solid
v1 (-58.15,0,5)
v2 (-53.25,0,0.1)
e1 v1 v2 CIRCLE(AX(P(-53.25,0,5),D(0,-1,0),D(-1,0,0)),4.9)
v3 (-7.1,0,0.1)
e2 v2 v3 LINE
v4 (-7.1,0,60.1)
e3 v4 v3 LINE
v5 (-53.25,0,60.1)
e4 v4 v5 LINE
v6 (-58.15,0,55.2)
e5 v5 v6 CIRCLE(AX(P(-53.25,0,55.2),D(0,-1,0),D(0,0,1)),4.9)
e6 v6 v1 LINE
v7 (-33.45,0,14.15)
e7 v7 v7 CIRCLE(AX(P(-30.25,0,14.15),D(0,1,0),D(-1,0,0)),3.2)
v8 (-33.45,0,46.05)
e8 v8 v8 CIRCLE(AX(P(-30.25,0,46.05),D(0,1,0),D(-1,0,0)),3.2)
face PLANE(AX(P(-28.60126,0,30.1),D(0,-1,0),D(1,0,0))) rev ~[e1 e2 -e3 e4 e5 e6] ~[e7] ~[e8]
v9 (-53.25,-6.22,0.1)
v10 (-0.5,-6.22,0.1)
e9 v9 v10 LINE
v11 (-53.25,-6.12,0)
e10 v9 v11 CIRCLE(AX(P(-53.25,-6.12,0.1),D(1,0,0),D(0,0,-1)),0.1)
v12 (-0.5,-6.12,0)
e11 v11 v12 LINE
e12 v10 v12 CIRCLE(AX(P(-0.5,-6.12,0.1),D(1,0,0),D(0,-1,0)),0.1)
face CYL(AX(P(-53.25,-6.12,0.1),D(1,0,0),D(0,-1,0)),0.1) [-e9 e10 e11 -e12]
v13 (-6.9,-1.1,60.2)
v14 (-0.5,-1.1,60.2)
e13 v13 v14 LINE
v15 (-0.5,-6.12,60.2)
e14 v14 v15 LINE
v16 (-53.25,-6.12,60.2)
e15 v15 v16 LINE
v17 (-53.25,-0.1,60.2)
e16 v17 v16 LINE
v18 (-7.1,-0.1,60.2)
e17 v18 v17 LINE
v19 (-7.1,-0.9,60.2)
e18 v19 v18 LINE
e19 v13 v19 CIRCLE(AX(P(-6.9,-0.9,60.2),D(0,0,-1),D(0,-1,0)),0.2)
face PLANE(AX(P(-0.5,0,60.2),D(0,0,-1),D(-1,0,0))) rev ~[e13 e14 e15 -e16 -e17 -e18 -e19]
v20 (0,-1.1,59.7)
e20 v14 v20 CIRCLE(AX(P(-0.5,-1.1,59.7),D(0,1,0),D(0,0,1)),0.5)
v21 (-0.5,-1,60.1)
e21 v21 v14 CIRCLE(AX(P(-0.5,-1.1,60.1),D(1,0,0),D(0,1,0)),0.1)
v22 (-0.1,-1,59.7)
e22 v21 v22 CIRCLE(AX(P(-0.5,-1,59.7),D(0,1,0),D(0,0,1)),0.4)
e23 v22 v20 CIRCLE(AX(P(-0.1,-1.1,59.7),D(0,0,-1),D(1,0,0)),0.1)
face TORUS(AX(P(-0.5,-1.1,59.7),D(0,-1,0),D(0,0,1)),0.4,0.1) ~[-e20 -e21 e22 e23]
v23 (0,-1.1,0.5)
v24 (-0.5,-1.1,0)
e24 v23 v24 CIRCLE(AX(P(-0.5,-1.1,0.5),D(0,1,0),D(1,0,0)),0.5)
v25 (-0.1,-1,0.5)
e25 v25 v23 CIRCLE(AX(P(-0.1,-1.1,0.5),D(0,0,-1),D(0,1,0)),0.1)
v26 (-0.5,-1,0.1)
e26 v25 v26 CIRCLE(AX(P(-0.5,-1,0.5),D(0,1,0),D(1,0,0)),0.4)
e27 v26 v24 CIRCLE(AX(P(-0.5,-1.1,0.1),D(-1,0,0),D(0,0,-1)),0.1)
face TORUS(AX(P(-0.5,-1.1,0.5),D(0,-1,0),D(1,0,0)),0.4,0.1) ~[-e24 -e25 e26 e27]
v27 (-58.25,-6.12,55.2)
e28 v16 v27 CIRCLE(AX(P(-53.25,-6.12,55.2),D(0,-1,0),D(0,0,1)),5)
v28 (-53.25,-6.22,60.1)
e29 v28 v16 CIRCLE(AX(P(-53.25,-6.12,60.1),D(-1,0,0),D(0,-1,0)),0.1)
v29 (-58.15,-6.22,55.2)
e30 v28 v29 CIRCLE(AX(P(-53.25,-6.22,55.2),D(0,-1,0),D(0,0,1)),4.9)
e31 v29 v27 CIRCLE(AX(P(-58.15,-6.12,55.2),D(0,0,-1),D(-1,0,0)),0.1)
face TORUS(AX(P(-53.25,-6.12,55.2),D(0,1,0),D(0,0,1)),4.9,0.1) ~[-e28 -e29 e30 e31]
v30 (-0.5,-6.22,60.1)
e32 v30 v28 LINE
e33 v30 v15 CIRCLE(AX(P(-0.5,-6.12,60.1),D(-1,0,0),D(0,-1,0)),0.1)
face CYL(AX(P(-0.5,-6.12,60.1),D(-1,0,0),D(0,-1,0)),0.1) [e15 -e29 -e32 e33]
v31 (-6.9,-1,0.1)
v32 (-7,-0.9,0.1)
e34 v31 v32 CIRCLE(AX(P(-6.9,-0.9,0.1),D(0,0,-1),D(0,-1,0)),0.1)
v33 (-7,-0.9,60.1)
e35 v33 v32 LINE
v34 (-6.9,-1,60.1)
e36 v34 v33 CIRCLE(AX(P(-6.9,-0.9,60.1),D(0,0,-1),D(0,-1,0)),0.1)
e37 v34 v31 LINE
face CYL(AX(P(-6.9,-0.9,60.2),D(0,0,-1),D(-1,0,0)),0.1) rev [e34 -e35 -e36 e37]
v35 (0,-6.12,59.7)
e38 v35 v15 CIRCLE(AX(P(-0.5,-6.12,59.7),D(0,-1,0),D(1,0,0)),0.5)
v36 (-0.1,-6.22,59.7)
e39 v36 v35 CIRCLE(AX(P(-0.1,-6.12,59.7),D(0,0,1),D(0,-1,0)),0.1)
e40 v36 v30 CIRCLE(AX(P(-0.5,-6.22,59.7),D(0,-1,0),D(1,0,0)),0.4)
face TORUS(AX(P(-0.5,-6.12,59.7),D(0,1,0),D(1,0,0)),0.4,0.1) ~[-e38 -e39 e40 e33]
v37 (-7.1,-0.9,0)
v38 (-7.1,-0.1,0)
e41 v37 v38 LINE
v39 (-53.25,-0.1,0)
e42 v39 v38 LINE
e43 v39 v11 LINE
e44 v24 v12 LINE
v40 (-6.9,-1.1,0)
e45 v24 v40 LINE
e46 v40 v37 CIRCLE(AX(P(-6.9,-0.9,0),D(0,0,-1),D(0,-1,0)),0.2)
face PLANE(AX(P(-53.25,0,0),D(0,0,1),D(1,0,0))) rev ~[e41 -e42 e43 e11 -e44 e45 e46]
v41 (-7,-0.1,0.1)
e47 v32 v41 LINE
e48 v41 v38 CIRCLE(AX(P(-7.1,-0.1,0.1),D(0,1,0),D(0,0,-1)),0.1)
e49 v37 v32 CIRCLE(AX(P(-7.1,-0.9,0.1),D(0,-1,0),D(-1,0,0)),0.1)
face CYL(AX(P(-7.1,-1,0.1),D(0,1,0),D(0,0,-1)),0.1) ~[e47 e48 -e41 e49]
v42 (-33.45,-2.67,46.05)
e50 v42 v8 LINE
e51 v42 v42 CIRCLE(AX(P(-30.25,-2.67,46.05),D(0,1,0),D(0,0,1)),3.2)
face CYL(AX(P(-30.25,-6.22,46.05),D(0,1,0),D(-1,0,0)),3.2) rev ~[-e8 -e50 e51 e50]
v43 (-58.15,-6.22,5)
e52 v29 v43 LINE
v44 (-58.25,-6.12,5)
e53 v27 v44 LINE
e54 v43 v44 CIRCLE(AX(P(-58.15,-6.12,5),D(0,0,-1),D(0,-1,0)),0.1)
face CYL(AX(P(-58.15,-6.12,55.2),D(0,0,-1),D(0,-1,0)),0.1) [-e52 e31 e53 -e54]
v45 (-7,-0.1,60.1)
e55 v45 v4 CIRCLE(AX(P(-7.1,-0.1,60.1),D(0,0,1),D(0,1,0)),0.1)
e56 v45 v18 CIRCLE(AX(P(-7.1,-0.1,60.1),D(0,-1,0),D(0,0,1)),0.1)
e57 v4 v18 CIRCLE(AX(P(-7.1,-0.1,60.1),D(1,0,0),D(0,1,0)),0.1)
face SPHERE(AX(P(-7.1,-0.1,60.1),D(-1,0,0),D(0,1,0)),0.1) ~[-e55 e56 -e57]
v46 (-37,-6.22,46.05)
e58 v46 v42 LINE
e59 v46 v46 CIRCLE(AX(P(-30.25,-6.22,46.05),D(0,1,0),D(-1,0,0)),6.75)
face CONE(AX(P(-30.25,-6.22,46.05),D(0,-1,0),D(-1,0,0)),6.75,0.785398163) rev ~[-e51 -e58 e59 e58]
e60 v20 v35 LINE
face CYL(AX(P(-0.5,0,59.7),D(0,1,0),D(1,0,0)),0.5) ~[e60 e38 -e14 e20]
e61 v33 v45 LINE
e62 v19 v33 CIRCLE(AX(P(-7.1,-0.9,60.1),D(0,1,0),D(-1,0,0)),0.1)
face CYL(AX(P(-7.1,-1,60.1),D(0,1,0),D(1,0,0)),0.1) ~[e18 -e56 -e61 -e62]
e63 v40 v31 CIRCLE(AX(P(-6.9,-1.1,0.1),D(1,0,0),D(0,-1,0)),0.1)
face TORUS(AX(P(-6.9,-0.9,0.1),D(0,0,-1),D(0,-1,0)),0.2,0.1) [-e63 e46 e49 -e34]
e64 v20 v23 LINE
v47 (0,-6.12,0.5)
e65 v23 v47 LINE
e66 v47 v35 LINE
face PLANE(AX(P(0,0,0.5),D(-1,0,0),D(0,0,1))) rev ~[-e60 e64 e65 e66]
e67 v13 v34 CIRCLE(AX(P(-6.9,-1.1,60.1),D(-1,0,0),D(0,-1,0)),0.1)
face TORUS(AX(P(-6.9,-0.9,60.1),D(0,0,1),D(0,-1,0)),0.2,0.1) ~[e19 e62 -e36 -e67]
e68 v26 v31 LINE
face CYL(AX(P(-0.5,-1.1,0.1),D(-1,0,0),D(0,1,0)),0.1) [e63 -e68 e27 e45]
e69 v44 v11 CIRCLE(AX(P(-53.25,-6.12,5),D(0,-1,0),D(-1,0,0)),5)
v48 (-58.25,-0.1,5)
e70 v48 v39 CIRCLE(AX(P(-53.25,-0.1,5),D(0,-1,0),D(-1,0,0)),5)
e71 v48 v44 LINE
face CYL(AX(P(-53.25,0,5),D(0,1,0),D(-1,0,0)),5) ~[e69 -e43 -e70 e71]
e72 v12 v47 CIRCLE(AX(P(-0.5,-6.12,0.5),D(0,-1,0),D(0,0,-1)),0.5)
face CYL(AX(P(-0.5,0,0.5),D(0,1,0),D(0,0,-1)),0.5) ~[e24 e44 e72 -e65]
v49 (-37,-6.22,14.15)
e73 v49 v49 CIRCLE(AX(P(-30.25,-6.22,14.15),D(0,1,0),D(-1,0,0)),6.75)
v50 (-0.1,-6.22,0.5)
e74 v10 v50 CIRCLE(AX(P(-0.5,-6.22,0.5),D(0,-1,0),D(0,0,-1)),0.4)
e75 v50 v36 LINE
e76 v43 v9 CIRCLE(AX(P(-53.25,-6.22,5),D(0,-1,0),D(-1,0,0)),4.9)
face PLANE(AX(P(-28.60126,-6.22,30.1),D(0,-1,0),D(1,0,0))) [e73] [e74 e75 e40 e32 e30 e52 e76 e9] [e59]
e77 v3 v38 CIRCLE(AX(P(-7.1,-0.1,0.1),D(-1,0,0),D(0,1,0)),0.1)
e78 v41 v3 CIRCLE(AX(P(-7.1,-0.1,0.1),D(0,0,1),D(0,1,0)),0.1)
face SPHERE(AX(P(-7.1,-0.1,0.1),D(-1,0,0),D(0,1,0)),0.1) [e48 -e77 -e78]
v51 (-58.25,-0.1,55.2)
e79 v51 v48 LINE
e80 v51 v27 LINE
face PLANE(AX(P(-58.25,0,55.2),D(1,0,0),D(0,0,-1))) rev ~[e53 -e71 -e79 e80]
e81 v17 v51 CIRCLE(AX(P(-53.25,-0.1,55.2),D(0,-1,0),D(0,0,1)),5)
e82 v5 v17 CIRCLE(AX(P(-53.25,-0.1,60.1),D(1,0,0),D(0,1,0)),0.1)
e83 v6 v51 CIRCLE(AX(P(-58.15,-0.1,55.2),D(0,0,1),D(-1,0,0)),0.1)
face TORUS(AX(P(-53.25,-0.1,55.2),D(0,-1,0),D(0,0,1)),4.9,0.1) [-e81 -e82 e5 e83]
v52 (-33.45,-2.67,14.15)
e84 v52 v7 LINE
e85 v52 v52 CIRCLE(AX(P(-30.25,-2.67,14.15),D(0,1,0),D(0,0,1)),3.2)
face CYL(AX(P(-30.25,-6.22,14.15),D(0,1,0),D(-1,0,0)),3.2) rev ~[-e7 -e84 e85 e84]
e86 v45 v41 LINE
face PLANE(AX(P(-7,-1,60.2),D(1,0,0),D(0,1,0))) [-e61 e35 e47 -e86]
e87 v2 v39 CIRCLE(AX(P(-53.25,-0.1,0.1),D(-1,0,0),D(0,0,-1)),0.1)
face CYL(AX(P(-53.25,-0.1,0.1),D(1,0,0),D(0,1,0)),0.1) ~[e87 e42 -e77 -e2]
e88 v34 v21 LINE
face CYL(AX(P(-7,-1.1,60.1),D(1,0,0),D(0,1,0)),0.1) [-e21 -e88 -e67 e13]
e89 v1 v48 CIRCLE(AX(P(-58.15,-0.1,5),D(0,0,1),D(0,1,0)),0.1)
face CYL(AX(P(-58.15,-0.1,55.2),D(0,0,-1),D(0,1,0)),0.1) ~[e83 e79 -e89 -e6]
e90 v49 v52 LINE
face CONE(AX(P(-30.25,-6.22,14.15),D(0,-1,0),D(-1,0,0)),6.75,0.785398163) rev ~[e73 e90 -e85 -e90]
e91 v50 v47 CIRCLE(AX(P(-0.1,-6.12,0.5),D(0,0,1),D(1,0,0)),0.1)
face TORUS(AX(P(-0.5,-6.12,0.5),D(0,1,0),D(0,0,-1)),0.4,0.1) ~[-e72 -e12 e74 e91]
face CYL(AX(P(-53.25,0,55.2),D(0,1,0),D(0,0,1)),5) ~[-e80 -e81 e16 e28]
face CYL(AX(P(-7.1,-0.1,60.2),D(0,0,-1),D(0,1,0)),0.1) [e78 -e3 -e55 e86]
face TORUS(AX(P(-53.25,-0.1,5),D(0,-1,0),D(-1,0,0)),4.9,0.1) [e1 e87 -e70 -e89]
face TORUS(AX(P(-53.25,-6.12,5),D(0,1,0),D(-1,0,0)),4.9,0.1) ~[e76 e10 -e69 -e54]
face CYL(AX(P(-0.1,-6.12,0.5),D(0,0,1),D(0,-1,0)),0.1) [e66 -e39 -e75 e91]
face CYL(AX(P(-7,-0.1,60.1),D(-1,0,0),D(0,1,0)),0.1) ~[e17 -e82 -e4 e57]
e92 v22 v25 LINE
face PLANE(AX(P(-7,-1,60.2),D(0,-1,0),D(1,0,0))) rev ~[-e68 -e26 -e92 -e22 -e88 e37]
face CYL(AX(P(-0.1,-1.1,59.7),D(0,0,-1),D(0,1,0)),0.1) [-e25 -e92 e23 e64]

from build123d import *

# Parameters (mm, degrees)
F1_DEPTH       = 6.22
F2_W           = 7
F2_H           = 1
F3_DEPTH       = 60.201
F4_R           = 0.1
F6_D           = 6.4
F6_CSINK_D     = 13.5
F6_CSINK_ANGLE = 90


with BuildPart() as f1:
    # F0 (on Front) → F1 (new body)
    with BuildSketch(Plane.XZ):
        with BuildLine():
            Line((-53.25, 0), (-0.5, 0))
            ThreePointArc((-0.5, 0), (-0.1464466094, 0.1464466094), (0, 0.5))
            Line((0, 0.5), (0, 59.7))
            ThreePointArc((0, 59.7), (-0.1464466094, 60.0535533906), (-0.5, 60.2))
            Line((-0.5, 60.2), (-53.25, 60.2))
            ThreePointArc((-53.25, 60.2), (-56.7855339059, 58.7355339059), (-58.25, 55.2))
            Line((-58.25, 55.2), (-58.25, 5))
            ThreePointArc((-58.25, 5), (-56.7855339059, 1.4644660941), (-53.25, 0))
        make_face()
    extrude(amount=F1_DEPTH)

    # F2 (on face) → F3 (cut, through all)
    with BuildSketch(Plane.XY.offset(60.2)):
        with Locations((-3.5, -0.5)):
            Rectangle(F2_W, F2_H)
    extrude(amount=-F3_DEPTH, mode=Mode.SUBTRACT)

    # F4
    f4_edges = [f1.edges().sort_by_distance(p)[0] for p in [
        (-26.875, -6.22, 60.2),
        (-30.125, 0, 60.2),
        (-7, 0, 30.1),
        (-3.75, -1, 60.2),
        (-7, -0.5, 60.2),
        (-7, -0.5, 0),
        (-7, -1, 30.1),
    ]]
    fillet(f4_edges, radius=F4_R)

    # F6 (through all)
    with Locations(Plane.XZ.offset(6.22)):
        with Locations((-30.25, 46.05), (-30.25, 14.15)):
            CounterSinkHole(F6_D / 2, F6_CSINK_D / 2, counter_sink_angle=F6_CSINK_ANGLE)


solid = f1.part
